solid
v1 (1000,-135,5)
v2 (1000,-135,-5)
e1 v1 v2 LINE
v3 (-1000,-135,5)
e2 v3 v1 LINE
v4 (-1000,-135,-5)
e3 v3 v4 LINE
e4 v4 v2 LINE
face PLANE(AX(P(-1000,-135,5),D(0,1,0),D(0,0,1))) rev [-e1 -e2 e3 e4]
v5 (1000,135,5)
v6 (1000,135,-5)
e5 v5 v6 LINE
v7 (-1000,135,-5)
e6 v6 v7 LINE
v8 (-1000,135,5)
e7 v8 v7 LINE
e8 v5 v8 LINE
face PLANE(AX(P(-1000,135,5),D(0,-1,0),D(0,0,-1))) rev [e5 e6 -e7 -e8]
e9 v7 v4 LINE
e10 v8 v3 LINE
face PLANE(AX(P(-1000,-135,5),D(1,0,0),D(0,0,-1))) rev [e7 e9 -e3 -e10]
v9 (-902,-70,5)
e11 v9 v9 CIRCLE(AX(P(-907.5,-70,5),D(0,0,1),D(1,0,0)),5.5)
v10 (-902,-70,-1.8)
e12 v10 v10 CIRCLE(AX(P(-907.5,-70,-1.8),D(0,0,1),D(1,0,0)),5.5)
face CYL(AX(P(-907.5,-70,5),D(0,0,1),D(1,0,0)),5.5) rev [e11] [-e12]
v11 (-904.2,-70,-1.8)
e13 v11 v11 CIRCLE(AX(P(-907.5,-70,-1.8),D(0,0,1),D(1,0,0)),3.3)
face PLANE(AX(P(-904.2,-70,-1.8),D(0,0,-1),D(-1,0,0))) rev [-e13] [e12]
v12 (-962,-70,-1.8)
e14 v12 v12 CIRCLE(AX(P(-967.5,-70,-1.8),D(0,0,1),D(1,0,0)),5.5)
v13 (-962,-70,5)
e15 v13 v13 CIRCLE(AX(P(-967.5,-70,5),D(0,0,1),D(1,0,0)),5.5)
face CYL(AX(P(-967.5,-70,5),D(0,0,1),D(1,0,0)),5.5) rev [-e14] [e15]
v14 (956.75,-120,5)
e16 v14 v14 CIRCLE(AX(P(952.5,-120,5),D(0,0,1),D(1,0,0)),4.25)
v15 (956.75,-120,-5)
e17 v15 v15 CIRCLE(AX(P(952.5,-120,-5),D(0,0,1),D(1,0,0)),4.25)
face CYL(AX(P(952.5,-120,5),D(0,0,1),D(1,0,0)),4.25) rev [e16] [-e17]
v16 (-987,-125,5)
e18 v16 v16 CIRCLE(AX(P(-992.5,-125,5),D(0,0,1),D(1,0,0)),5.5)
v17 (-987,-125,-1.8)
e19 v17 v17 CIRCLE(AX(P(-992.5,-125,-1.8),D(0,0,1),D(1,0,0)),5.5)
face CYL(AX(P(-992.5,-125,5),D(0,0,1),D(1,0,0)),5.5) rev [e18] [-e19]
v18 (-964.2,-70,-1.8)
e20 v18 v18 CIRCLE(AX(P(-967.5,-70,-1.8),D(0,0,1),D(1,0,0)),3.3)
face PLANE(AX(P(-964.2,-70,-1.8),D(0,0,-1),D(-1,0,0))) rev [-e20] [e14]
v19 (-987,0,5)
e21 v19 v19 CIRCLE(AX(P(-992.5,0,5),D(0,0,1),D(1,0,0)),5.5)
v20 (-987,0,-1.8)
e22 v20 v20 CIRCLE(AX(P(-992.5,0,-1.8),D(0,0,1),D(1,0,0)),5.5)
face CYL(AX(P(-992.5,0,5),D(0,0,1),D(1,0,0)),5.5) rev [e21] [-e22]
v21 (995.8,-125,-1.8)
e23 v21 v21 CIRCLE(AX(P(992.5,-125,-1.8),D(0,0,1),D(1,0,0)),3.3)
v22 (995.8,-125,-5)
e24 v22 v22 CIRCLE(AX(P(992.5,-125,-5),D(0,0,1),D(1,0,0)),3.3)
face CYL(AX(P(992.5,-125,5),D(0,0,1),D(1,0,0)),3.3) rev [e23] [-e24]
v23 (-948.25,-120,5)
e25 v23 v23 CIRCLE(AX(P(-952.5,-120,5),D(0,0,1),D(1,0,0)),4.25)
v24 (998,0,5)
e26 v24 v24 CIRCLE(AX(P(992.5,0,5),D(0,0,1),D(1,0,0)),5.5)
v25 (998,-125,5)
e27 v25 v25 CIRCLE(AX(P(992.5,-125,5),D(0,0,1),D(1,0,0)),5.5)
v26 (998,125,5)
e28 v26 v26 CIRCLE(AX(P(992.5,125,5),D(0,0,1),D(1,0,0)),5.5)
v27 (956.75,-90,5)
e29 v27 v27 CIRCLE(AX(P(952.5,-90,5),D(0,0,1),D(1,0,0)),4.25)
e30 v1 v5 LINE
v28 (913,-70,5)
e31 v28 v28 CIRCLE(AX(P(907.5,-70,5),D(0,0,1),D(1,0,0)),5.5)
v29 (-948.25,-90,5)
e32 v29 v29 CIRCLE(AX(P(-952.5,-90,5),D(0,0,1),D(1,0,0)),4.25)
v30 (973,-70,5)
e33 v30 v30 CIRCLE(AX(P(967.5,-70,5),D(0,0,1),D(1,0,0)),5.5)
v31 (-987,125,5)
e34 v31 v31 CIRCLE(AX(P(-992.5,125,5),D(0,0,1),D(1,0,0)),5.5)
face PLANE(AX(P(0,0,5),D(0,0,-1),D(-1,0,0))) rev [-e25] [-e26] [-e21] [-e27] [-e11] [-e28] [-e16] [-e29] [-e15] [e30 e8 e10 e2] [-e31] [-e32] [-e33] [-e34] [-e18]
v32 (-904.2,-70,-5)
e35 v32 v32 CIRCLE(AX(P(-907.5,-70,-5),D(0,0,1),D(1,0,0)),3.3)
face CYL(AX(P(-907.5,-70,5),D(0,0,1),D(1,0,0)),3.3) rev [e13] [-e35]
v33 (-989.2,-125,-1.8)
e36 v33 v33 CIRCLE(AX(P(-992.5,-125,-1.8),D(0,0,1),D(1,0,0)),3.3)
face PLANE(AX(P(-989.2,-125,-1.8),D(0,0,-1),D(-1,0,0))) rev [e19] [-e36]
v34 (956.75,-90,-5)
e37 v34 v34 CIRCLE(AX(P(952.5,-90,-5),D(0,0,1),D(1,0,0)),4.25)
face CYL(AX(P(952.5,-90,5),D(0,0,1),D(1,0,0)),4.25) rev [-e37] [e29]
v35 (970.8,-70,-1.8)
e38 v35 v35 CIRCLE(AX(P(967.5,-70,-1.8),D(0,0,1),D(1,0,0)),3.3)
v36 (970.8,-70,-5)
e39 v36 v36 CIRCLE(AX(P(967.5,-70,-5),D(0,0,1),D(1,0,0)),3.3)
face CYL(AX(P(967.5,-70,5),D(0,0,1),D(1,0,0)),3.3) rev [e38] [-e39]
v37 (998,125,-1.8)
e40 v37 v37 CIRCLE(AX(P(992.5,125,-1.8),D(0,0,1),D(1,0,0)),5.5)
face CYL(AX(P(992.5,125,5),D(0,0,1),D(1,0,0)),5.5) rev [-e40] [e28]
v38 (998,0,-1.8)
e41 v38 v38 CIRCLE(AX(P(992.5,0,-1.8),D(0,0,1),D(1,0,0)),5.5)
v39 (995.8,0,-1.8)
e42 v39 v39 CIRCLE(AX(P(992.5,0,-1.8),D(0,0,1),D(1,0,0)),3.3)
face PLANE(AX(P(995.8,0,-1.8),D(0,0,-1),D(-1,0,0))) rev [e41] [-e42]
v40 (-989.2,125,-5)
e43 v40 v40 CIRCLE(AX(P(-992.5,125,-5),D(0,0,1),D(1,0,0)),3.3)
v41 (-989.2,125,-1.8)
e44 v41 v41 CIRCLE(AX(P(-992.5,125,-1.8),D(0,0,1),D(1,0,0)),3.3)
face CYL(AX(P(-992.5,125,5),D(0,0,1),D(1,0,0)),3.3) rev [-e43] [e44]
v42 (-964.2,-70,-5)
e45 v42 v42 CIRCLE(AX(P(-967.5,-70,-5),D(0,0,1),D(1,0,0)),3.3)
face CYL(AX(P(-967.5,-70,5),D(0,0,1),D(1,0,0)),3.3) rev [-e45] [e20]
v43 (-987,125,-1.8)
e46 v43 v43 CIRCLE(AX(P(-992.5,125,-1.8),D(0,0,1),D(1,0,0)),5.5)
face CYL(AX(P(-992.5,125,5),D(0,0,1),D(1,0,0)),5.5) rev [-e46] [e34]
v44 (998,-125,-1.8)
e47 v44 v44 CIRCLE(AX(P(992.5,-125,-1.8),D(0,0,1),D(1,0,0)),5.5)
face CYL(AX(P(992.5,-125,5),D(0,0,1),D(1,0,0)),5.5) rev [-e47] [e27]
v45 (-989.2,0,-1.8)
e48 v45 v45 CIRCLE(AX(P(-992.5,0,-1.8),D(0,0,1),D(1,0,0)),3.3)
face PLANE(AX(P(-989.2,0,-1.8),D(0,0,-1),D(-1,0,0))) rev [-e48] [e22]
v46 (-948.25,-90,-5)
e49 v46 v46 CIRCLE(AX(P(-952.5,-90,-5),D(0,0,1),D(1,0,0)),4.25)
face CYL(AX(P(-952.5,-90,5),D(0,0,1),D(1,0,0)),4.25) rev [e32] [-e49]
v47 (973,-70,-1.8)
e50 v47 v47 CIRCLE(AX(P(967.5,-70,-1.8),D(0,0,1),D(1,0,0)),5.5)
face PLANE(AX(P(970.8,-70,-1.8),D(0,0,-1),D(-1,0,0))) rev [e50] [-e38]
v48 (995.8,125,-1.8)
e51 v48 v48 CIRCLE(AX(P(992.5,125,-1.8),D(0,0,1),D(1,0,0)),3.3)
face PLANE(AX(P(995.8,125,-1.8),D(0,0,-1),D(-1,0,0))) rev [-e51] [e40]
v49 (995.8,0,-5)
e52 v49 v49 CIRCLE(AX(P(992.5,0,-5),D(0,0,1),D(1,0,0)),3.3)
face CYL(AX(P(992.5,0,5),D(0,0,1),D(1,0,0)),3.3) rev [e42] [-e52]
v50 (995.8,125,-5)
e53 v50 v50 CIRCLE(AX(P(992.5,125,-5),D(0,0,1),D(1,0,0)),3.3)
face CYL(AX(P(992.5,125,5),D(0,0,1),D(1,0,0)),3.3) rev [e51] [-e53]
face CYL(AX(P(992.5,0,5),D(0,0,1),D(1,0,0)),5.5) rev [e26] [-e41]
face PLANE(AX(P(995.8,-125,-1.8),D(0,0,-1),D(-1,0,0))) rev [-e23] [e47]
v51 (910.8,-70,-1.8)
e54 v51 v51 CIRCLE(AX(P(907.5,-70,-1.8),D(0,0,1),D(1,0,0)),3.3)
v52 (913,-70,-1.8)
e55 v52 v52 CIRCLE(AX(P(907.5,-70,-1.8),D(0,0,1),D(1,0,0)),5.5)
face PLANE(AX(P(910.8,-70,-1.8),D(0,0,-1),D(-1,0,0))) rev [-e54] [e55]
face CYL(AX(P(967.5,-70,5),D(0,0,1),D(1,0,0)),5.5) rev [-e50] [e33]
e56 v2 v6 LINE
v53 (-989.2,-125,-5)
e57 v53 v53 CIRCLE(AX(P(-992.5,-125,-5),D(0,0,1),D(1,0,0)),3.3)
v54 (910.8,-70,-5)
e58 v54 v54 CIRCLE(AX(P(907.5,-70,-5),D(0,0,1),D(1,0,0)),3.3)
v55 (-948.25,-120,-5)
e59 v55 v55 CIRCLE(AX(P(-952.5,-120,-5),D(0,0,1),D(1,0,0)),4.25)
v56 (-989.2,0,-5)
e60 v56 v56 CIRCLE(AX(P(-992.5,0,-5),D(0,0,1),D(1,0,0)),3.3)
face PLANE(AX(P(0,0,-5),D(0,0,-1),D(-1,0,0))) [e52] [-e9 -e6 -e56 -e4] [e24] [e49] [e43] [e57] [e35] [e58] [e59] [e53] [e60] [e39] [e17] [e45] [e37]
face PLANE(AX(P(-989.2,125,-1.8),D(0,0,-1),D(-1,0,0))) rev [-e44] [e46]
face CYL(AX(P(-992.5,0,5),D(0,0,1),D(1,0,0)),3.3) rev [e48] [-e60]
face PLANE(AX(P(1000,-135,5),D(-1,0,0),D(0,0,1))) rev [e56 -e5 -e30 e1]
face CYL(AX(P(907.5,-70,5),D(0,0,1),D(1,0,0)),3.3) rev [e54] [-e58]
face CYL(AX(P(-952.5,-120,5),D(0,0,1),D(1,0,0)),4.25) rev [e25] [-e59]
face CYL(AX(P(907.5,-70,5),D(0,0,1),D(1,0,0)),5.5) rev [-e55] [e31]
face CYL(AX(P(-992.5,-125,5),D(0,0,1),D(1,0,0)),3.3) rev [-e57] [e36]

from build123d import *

# Parameters (mm, degrees)
SKETCH_1_W                = 2000
SKETCH_1_H                = 270
EXTRUDE_1_DEPTH           = 5
HOLE_WIZARD_1_D           = 6.6
HOLE_WIZARD_1_CBORE_D     = 11
HOLE_WIZARD_1_CBORE_DEPTH = 6.8
HOLE_WIZARD_M10_1_D       = 8.5
HOLE_WIZARD_2_D           = 6.6
HOLE_WIZARD_2_CBORE_D     = 11
HOLE_WIZARD_2_CBORE_DEPTH = 6.8


with BuildPart() as part:
    # 草图1 → 凸台-拉伸1 (new body, symmetric)
    with BuildSketch(Plane.XY):
        Rectangle(SKETCH_1_W, SKETCH_1_H)
    extrude(amount=EXTRUDE_1_DEPTH, both=True)

    # 打孔尺寸(%根据)内六角圆柱头螺钉的类型1 (through all)
    with Locations(Plane(origin=(-992.5, 125, 5), x_dir=(1, 0, 0), z_dir=(0, 0, 1))):
        with Locations((0, 0), (0, -250), (1985, 0), (1985, -250), (1985, -125), (0, -125)):
            CounterBoreHole(HOLE_WIZARD_1_D / 2, HOLE_WIZARD_1_CBORE_D / 2, HOLE_WIZARD_1_CBORE_DEPTH)

    # M10 螺纹孔1 (through all)
    with Locations(Plane(origin=(-952.5, -90, 5), x_dir=(1, 0, 0), z_dir=(0, 0, 1))):
        with Locations((0, 0), (0, -30)):
            hole_wizard_m10_1 = Hole(HOLE_WIZARD_M10_1_D / 2)

    # 镜向1: M10 螺纹孔1 across plane
    add(hole_wizard_m10_1.mirror(Plane(origin=(0, 0, 0), x_dir=(0, 0, 1), z_dir=(1, 0, 0))), mode=Mode.SUBTRACT)

    # 打孔尺寸(%根据)内六角圆柱头螺钉的类型2 (through all)
    with Locations(Plane(origin=(907.5, -70, 5), x_dir=(1, 0, 0), z_dir=(0, 0, 1))):
        with Locations((0, 0), (60, 0)):
            hole_wizard_2 = CounterBoreHole(HOLE_WIZARD_2_D / 2, HOLE_WIZARD_2_CBORE_D / 2, HOLE_WIZARD_2_CBORE_DEPTH)

    # 镜向2: 打孔尺寸(%根据)内六角圆柱头螺钉的类型2 across plane
    add(hole_wizard_2.mirror(Plane(origin=(0, 0, 0), x_dir=(0, 0, 1), z_dir=(1, 0, 0))), mode=Mode.SUBTRACT)


solid = part.part
